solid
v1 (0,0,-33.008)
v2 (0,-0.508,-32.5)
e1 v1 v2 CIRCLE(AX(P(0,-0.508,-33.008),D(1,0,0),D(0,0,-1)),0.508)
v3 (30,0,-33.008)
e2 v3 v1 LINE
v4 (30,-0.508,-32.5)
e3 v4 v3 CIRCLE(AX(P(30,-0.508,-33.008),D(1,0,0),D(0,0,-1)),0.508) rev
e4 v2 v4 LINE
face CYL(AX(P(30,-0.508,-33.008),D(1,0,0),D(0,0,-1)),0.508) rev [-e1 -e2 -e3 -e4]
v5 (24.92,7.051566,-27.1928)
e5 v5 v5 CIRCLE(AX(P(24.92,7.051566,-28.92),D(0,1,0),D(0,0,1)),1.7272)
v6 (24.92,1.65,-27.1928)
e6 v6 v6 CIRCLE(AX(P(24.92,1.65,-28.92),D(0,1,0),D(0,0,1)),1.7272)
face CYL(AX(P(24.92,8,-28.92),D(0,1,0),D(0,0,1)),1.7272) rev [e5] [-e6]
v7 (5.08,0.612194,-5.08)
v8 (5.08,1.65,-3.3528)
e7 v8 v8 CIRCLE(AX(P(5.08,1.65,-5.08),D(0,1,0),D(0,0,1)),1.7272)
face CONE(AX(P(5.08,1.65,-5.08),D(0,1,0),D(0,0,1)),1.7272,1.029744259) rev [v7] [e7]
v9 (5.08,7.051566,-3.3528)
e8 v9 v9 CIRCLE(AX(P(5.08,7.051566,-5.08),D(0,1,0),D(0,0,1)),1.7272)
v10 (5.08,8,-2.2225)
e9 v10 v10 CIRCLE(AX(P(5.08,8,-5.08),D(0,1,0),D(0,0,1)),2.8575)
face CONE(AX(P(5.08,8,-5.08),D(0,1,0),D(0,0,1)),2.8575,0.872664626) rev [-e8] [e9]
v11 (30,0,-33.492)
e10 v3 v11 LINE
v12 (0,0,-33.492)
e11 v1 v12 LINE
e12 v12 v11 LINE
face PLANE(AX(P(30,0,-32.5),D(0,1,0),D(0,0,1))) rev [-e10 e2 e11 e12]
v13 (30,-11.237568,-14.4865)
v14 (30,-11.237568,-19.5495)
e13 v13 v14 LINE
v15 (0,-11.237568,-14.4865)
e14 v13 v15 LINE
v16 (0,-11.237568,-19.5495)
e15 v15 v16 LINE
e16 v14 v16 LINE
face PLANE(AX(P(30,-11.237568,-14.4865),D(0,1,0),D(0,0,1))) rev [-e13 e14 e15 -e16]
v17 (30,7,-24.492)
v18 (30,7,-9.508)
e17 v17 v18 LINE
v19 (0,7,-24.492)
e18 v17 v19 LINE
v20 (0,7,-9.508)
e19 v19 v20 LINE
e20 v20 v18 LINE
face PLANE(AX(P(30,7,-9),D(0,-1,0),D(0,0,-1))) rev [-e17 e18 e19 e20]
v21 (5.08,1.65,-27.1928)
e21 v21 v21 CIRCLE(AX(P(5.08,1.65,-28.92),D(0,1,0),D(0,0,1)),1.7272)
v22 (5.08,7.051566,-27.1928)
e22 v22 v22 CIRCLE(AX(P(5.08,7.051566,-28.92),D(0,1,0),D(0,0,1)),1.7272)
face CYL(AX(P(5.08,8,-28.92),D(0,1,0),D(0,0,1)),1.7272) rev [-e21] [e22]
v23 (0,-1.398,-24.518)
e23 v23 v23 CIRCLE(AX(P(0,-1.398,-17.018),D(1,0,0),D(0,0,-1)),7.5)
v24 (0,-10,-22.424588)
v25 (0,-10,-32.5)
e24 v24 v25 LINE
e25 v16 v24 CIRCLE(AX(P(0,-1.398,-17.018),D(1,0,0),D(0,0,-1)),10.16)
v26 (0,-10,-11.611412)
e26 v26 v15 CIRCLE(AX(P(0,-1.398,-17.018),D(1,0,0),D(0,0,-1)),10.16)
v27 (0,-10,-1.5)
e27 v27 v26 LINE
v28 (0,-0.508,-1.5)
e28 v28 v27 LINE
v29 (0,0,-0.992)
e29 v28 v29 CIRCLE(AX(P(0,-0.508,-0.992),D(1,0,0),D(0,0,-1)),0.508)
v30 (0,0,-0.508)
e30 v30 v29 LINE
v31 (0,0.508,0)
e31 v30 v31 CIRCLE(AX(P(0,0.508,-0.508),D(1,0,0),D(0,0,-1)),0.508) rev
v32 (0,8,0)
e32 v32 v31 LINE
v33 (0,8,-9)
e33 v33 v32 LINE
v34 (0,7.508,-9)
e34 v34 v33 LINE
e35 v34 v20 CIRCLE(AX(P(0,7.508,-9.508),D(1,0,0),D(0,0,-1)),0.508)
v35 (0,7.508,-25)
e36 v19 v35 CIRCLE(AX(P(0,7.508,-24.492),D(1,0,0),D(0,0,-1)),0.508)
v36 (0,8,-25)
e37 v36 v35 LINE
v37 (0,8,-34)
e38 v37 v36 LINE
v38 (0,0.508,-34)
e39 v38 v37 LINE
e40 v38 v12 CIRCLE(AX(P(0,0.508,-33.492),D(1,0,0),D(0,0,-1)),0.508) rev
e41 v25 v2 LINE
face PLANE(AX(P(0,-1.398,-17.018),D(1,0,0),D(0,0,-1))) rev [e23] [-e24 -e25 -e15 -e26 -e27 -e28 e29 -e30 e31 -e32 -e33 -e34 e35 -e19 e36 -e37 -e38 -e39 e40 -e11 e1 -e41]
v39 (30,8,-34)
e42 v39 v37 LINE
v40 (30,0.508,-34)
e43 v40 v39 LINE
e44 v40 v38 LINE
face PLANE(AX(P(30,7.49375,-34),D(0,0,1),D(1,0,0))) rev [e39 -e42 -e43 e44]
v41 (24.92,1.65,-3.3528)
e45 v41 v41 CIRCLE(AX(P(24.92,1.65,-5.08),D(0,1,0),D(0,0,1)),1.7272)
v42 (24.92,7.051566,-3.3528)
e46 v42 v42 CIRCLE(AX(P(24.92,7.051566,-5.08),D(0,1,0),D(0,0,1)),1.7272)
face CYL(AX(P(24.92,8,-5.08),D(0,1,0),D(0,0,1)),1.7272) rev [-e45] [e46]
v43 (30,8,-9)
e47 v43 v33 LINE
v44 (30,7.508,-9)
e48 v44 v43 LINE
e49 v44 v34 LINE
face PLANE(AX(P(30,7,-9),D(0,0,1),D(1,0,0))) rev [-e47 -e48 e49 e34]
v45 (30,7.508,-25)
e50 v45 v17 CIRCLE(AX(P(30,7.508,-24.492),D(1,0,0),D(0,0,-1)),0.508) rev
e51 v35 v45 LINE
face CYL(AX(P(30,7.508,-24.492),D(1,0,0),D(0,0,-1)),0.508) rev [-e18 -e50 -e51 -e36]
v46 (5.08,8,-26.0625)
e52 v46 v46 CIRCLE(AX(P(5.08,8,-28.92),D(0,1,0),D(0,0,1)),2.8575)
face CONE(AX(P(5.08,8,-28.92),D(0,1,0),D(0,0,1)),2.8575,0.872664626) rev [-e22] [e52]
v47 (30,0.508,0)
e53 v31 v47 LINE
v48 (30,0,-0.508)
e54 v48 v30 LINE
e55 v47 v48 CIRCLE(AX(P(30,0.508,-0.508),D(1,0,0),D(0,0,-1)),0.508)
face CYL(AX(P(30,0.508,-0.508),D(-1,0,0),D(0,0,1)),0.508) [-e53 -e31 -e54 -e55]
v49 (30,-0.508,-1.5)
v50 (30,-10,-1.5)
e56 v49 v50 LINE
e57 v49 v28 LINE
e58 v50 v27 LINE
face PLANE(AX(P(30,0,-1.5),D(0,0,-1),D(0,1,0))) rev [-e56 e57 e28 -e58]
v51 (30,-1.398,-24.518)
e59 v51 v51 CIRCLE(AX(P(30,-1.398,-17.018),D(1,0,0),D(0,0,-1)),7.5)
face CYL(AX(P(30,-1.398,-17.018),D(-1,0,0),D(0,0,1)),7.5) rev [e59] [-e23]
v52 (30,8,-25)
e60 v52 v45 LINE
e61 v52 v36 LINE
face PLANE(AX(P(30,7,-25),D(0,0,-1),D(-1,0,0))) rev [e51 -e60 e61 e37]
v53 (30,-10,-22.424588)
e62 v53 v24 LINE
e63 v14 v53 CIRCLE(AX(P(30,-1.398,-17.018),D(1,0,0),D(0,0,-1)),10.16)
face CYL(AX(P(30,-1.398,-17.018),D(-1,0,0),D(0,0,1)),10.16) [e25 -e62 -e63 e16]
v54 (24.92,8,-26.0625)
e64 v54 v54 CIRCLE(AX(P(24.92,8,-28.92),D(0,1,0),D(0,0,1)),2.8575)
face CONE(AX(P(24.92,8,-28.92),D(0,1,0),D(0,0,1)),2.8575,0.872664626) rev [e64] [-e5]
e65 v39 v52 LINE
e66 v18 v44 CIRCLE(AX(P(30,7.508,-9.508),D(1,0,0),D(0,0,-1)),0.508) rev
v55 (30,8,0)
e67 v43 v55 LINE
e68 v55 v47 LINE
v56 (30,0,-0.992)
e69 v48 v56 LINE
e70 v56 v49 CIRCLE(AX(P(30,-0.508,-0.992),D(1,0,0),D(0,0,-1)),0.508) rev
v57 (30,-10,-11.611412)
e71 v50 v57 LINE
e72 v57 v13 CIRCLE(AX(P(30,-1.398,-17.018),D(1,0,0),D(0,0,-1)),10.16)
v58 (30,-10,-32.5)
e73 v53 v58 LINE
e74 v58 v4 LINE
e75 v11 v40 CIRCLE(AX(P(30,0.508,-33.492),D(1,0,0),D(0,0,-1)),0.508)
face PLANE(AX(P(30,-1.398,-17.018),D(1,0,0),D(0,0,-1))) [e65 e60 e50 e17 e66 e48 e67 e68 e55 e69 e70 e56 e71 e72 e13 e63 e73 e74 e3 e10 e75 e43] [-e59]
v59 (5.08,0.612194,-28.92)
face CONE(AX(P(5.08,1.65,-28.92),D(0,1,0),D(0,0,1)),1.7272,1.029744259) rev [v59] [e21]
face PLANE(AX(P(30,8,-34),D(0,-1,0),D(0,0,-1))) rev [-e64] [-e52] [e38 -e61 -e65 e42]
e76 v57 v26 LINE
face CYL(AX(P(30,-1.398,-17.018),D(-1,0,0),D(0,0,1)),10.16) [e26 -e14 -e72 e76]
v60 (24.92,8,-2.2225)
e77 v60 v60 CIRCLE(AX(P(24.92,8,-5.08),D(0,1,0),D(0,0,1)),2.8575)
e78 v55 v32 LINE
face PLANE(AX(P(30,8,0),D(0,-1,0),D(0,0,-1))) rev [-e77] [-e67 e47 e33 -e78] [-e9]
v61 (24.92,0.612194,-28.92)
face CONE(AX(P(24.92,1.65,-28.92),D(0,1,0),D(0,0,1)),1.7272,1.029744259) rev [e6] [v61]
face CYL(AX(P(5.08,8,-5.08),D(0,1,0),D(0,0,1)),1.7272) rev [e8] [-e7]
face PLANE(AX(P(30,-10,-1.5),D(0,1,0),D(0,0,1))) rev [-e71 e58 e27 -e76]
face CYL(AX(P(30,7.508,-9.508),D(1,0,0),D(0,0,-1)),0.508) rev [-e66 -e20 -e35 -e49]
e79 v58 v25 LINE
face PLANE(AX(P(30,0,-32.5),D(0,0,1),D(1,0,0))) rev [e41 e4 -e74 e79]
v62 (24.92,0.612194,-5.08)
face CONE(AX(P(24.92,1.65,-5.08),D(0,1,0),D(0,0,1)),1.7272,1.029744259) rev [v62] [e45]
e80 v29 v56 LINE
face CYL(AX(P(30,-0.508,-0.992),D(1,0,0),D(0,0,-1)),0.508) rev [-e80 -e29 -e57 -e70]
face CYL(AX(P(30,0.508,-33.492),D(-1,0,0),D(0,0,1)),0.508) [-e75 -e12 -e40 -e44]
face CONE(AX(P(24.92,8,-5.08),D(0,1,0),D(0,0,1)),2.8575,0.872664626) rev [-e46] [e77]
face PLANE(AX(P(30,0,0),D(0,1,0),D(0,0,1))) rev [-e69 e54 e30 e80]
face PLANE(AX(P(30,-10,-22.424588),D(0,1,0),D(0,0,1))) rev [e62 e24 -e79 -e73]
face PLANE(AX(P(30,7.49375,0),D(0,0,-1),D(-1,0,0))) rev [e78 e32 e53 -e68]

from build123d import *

# Parameters (mm, degrees)
SKETCH1_R                                         = 7.5
BOSS_EXTRUDE1_DEPTH                               = 30
CSK_FOR_4_FLAT_HEAD_MACHINE_SCREW_100_D           = 3.4544
CSK_FOR_4_FLAT_HEAD_MACHINE_SCREW_100_DEPTH       = 6.35
CSK_FOR_4_FLAT_HEAD_MACHINE_SCREW_100_CSINK_D     = 5.715
CSK_FOR_4_FLAT_HEAD_MACHINE_SCREW_100_CSINK_ANGLE = 100
CSK_FOR_4_FLAT_HEAD_MACHINE_SCREW_100_TIP         = 1.037806461
FILLET1_R                                         = 0.508


with BuildPart() as part:
    # Sketch1 → Boss-Extrude1 (new body)
    with BuildSketch(Plane(origin=(0, 0, 0), x_dir=(0, 0, -1), z_dir=(1, 0, 0))):
        with BuildLine():
            Line((32.5, 0), (34, 0))
            Line((34, 0), (34, 7.49375))
            Line((34, 7.49375), (34, 8))
            Line((34, 8), (25, 8))
            Line((25, 8), (25, 7))
            Line((25, 7), (9, 7))
            Line((9, 7), (9, 8))
            Line((9, 8), (0, 8))
            Line((0, 8), (0, 7.49375))
            Line((0, 7.49375), (0, 0))
            Line((0, 0), (1.5, 0))
            Line((1.5, 0), (1.5, -10))
            Line((1.5, -10), (11.611411797, -10))
            ThreePointArc((11.611411797, -10), (13.001010498, -10.730169916), (14.486500092, -11.237568497))
            Line((14.486500092, -11.237568497), (19.549499908, -11.237568497))
            ThreePointArc((19.549499908, -11.237568497), (21.034989502, -10.730169916), (22.424588203, -10))
            Line((22.424588203, -10), (32.5, -10))
            Line((32.5, -10), (32.5, 0))
        make_face()
        with Locations((17.018, -1.398)):
            Circle(SKETCH1_R, mode=Mode.SUBTRACT)
    extrude(amount=BOSS_EXTRUDE1_DEPTH)

    # CSK for #4 Flat Head Machine Screw (100)1
    with Locations(Plane(origin=(0, 8, 0), x_dir=(1, 0, 0), z_dir=(0, 1, 0))):
        with Locations((5.08, 28.92), (24.92, 28.92), (24.92, 5.08), (5.08, 5.08)):
            CounterSinkHole(CSK_FOR_4_FLAT_HEAD_MACHINE_SCREW_100_D / 2, CSK_FOR_4_FLAT_HEAD_MACHINE_SCREW_100_CSINK_D / 2, depth=CSK_FOR_4_FLAT_HEAD_MACHINE_SCREW_100_DEPTH, counter_sink_angle=CSK_FOR_4_FLAT_HEAD_MACHINE_SCREW_100_CSINK_ANGLE)
            with Locations((0, 0, -(CSK_FOR_4_FLAT_HEAD_MACHINE_SCREW_100_DEPTH + CSK_FOR_4_FLAT_HEAD_MACHINE_SCREW_100_TIP / 2))):  # 118° drill point
                Cone(0, CSK_FOR_4_FLAT_HEAD_MACHINE_SCREW_100_D / 2, CSK_FOR_4_FLAT_HEAD_MACHINE_SCREW_100_TIP, mode=Mode.SUBTRACT)

    # Fillet1
    fillet1_edges = [part.edges().sort_by_distance(p)[0] for p in [
        (15, 7, -9),
        (15, 7, -25),
        (15, 0, -34),
        (15, 0, -32.5),
        (15, 0, -1.5),
        (15, 0, 0),
    ]]
    fillet(fillet1_edges, radius=FILLET1_R)


solid = part.part
